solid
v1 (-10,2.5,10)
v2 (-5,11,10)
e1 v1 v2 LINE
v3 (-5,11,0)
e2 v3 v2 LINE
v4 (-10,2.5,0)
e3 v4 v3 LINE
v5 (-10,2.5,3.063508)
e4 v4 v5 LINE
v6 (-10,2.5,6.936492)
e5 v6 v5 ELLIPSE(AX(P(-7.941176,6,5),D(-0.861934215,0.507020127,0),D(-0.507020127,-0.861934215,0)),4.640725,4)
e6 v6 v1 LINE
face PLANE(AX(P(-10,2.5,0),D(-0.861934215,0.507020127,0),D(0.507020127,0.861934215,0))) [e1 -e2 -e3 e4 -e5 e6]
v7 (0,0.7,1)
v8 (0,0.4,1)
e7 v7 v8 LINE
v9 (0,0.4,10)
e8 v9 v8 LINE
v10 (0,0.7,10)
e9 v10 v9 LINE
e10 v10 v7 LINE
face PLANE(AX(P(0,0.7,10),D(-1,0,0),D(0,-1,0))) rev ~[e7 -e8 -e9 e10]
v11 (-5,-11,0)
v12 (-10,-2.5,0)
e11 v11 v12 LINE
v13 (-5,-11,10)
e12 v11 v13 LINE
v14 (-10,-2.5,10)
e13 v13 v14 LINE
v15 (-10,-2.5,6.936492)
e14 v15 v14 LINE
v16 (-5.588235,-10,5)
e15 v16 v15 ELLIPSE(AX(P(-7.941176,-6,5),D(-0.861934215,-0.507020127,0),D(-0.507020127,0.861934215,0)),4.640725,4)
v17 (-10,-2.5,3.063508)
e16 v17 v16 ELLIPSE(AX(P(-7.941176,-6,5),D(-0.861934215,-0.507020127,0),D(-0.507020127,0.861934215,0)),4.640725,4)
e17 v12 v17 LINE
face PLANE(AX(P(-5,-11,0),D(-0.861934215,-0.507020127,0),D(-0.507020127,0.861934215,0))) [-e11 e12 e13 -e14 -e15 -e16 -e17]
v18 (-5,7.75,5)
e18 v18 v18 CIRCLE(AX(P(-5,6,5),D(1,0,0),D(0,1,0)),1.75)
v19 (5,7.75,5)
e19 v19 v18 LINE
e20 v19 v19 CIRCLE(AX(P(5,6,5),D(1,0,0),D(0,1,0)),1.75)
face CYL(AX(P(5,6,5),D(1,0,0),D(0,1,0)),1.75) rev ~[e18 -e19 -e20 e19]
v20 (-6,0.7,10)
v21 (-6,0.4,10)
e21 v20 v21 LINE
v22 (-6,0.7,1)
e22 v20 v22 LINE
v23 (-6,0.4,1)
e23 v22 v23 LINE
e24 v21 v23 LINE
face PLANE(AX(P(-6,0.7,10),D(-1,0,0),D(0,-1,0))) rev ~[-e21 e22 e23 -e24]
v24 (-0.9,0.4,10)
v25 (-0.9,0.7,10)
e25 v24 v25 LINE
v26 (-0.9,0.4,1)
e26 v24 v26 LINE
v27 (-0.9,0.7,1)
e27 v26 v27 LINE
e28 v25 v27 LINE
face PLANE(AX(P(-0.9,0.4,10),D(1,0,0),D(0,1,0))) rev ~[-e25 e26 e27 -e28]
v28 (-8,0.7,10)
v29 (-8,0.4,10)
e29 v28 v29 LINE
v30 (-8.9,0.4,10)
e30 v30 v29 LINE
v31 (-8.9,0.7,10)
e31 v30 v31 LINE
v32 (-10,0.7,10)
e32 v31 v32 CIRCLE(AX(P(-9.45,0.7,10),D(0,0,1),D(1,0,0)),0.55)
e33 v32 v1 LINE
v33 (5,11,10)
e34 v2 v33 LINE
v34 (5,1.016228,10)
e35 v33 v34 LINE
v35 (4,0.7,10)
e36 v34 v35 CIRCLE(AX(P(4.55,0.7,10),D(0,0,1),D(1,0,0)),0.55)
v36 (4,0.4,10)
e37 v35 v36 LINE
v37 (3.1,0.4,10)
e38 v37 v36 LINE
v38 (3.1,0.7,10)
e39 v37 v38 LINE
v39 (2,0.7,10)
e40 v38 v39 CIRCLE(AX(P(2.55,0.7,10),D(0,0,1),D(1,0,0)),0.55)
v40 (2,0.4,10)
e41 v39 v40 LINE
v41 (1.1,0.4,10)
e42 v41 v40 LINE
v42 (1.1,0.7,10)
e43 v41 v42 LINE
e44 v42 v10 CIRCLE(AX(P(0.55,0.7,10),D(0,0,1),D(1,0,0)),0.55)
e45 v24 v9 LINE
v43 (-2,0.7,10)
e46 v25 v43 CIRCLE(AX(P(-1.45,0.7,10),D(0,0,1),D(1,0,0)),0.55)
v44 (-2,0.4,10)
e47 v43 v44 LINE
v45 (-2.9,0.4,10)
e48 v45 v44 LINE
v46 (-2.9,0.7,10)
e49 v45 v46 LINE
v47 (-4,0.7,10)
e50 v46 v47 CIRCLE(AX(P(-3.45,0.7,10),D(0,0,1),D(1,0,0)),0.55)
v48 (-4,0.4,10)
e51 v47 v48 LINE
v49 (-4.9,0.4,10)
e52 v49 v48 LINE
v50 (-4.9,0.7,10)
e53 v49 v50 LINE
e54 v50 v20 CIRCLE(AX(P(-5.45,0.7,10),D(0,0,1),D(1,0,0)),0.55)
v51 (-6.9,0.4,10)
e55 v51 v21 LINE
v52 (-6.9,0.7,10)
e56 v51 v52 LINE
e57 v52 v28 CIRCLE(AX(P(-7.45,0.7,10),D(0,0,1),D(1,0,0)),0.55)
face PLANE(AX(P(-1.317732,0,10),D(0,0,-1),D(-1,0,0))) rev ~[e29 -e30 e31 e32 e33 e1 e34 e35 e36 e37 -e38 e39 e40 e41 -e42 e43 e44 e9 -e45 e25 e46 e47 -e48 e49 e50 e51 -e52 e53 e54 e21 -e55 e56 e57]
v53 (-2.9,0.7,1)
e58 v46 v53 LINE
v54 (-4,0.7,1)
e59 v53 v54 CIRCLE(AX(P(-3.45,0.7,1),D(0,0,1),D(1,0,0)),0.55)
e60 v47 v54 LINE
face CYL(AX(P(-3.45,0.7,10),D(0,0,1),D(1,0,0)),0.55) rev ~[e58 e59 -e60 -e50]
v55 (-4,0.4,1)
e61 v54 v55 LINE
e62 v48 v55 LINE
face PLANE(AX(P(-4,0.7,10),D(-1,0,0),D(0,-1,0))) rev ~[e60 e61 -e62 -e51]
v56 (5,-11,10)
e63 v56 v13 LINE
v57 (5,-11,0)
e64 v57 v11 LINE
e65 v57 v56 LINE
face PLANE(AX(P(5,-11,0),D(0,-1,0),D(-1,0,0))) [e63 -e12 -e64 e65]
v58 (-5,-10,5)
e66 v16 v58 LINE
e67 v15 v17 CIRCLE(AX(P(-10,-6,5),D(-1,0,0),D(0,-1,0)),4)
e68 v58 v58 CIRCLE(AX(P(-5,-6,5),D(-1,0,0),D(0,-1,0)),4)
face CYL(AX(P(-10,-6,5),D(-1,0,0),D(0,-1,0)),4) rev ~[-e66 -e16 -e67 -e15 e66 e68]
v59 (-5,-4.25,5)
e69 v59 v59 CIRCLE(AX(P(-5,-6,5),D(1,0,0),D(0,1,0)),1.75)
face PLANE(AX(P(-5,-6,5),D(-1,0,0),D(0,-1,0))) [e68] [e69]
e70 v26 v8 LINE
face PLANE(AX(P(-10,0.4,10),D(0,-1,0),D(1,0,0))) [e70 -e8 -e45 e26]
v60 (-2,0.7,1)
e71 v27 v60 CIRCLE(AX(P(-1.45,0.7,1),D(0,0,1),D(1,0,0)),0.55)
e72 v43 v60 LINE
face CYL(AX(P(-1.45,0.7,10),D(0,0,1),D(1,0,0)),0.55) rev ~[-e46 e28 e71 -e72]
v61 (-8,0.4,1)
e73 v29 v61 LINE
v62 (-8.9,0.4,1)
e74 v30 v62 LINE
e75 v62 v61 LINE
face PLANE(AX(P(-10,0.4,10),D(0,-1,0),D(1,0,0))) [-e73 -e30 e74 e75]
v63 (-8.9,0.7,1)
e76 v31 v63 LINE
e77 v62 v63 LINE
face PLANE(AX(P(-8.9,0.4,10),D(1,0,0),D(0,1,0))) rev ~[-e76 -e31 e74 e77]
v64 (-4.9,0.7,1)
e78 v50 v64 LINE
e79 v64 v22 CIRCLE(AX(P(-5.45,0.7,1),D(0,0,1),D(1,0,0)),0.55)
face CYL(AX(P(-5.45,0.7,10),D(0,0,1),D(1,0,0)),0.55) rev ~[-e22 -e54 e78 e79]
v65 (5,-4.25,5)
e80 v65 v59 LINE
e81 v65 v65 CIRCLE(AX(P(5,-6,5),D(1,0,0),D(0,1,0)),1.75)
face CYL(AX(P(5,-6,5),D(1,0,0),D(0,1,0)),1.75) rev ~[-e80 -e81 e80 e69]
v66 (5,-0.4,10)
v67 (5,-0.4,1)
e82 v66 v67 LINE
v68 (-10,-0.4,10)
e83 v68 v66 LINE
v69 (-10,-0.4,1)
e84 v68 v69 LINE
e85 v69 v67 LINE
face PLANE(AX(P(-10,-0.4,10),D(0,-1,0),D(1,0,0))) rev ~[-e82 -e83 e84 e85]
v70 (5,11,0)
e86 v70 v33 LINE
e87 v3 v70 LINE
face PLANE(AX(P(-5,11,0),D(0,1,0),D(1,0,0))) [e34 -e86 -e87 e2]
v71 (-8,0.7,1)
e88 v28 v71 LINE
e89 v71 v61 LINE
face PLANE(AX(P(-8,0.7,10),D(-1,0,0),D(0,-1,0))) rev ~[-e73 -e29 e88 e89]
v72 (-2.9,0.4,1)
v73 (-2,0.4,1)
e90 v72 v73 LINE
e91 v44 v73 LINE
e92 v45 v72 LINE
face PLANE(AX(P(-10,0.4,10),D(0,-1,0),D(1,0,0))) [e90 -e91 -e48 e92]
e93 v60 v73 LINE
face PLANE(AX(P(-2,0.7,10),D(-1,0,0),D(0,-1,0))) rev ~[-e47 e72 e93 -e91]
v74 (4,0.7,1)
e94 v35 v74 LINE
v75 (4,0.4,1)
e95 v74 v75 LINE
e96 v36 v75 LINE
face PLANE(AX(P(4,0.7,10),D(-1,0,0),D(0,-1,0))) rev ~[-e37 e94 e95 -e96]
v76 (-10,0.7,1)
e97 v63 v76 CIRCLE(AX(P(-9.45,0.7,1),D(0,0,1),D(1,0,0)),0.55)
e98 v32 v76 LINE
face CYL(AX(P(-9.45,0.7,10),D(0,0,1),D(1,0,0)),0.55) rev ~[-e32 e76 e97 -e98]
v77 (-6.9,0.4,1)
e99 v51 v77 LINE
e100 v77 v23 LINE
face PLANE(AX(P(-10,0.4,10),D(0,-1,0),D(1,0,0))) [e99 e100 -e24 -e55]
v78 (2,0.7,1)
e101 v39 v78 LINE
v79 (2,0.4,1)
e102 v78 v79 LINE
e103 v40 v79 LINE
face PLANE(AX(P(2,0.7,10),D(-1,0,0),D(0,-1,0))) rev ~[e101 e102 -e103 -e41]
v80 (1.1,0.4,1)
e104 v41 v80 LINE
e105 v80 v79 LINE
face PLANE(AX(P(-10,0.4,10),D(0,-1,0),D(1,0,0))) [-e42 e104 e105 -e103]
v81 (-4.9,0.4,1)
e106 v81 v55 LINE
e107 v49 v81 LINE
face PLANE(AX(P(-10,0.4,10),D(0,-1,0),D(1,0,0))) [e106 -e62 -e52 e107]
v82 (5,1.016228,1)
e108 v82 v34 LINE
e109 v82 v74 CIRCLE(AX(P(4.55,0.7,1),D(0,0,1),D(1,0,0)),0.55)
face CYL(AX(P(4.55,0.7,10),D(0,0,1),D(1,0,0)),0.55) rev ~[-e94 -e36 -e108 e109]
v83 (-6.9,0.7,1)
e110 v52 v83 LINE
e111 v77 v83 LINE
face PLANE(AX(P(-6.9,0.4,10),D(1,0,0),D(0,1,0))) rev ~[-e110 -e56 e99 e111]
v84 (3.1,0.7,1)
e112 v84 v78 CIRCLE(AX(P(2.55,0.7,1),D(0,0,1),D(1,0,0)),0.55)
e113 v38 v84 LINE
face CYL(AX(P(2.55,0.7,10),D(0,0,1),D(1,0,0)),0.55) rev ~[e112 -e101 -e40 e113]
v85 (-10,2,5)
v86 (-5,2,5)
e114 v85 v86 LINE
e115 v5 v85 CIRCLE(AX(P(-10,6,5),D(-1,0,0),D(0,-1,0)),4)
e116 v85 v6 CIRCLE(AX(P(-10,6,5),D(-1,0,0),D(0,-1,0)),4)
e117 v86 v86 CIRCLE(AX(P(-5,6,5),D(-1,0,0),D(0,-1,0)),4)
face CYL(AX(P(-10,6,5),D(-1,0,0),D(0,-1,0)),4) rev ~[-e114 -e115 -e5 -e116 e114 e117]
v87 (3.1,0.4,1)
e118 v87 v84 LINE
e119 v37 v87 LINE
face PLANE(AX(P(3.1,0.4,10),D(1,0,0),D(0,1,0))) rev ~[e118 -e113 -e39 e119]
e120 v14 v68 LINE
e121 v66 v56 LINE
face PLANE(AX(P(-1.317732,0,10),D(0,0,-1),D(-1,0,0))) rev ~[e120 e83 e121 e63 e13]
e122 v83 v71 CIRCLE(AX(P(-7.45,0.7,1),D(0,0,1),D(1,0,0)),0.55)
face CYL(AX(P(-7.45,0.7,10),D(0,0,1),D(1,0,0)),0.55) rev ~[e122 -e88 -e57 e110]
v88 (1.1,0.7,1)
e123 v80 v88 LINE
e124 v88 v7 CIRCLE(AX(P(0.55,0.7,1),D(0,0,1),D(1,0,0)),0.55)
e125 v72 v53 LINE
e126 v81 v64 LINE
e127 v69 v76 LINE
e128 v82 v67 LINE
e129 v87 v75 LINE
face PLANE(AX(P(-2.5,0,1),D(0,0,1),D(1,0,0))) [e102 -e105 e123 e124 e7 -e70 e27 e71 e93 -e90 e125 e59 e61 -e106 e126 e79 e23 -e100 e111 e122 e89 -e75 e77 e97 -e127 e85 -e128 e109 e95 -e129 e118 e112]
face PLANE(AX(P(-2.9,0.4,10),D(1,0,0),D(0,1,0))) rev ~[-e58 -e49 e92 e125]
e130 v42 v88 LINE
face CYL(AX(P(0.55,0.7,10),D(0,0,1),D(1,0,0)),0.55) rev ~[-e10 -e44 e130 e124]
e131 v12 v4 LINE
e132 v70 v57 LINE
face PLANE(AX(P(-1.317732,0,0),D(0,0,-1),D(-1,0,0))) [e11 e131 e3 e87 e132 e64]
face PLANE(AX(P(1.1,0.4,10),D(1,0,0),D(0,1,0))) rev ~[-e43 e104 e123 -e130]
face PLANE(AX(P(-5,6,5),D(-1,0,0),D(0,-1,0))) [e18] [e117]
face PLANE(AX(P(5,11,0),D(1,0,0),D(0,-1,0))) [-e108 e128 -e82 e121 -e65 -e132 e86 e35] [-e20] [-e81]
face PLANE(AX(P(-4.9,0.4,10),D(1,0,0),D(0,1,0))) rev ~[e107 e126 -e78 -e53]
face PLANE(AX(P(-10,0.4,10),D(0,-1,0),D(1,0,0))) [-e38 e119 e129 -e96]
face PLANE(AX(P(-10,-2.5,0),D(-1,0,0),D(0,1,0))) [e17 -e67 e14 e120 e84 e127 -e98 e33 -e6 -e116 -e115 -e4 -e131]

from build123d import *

# Parameters (mm, degrees)
PAD_DEPTH           = 10
SKETCH001_R         = 1.75
POCKET_DEPTH        = 15.001
SKETCH002_R         = 4
POCKET001_DEPTH     = 5
SKETCH004_W         = 15
SKETCH004_H         = 0.8
POCKET002_DEPTH     = 9
POCKET003_DEPTH     = 9
LINEARPATTERN_COUNT = 8
LINEARPATTERN_PITCH = 2


with BuildPart() as part:
    # Sketch → Pad (new body)
    with BuildSketch(Plane.XY):
        Polygon((-5, 11), (5, 11), (5, -11), (-5, -11), (-10, -2.5), (-10, 2.5), align=None)
    extrude(amount=PAD_DEPTH)

    # Sketch001 → Pocket (cut, through all)
    with BuildSketch(Plane.YZ.offset(5)):
        with Locations((-6, 5)):
            Circle(SKETCH001_R)
        with Locations((6, 5)):
            Circle(SKETCH001_R)
    extrude(amount=-POCKET_DEPTH, mode=Mode.SUBTRACT)

    # Sketch002 → Pocket001 (cut)
    with BuildSketch(Plane(origin=(-10, 0, 0), x_dir=(0, -1, 0), z_dir=(-1, 0, 0))):
        with Locations((-6, 5)):
            Circle(SKETCH002_R)
        with Locations((6, 5)):
            Circle(SKETCH002_R)
    extrude(amount=-POCKET001_DEPTH, mode=Mode.SUBTRACT)

    # Sketch004 → Pocket002 (cut)
    with BuildSketch(Plane.XY.offset(10)):
        with Locations((-2.5, 0)):
            Rectangle(SKETCH004_W, SKETCH004_H)
    extrude(amount=-POCKET002_DEPTH, mode=Mode.SUBTRACT)

    # Sketch003 → Pocket003 (cut)
    with BuildSketch(Plane.XY.offset(10)):
        with BuildLine():
            ThreePointArc((-8.9, 0.7), (-9.45, 1.25), (-10, 0.7))
            Line((-10, 0.7), (-10, 0.4))
            Line((-10, 0.4), (-8.9, 0.4))
            Line((-8.9, 0.4), (-8.9, 0.7))
        make_face()
    pocket003 = extrude(amount=-POCKET003_DEPTH, mode=Mode.SUBTRACT)

    # LinearPattern: Pocket003 ×8
    with Locations(*[(i * LINEARPATTERN_PITCH, 0, 0) for i in range(1, LINEARPATTERN_COUNT)]):
        add(pocket003, mode=Mode.SUBTRACT)


solid = part.part
